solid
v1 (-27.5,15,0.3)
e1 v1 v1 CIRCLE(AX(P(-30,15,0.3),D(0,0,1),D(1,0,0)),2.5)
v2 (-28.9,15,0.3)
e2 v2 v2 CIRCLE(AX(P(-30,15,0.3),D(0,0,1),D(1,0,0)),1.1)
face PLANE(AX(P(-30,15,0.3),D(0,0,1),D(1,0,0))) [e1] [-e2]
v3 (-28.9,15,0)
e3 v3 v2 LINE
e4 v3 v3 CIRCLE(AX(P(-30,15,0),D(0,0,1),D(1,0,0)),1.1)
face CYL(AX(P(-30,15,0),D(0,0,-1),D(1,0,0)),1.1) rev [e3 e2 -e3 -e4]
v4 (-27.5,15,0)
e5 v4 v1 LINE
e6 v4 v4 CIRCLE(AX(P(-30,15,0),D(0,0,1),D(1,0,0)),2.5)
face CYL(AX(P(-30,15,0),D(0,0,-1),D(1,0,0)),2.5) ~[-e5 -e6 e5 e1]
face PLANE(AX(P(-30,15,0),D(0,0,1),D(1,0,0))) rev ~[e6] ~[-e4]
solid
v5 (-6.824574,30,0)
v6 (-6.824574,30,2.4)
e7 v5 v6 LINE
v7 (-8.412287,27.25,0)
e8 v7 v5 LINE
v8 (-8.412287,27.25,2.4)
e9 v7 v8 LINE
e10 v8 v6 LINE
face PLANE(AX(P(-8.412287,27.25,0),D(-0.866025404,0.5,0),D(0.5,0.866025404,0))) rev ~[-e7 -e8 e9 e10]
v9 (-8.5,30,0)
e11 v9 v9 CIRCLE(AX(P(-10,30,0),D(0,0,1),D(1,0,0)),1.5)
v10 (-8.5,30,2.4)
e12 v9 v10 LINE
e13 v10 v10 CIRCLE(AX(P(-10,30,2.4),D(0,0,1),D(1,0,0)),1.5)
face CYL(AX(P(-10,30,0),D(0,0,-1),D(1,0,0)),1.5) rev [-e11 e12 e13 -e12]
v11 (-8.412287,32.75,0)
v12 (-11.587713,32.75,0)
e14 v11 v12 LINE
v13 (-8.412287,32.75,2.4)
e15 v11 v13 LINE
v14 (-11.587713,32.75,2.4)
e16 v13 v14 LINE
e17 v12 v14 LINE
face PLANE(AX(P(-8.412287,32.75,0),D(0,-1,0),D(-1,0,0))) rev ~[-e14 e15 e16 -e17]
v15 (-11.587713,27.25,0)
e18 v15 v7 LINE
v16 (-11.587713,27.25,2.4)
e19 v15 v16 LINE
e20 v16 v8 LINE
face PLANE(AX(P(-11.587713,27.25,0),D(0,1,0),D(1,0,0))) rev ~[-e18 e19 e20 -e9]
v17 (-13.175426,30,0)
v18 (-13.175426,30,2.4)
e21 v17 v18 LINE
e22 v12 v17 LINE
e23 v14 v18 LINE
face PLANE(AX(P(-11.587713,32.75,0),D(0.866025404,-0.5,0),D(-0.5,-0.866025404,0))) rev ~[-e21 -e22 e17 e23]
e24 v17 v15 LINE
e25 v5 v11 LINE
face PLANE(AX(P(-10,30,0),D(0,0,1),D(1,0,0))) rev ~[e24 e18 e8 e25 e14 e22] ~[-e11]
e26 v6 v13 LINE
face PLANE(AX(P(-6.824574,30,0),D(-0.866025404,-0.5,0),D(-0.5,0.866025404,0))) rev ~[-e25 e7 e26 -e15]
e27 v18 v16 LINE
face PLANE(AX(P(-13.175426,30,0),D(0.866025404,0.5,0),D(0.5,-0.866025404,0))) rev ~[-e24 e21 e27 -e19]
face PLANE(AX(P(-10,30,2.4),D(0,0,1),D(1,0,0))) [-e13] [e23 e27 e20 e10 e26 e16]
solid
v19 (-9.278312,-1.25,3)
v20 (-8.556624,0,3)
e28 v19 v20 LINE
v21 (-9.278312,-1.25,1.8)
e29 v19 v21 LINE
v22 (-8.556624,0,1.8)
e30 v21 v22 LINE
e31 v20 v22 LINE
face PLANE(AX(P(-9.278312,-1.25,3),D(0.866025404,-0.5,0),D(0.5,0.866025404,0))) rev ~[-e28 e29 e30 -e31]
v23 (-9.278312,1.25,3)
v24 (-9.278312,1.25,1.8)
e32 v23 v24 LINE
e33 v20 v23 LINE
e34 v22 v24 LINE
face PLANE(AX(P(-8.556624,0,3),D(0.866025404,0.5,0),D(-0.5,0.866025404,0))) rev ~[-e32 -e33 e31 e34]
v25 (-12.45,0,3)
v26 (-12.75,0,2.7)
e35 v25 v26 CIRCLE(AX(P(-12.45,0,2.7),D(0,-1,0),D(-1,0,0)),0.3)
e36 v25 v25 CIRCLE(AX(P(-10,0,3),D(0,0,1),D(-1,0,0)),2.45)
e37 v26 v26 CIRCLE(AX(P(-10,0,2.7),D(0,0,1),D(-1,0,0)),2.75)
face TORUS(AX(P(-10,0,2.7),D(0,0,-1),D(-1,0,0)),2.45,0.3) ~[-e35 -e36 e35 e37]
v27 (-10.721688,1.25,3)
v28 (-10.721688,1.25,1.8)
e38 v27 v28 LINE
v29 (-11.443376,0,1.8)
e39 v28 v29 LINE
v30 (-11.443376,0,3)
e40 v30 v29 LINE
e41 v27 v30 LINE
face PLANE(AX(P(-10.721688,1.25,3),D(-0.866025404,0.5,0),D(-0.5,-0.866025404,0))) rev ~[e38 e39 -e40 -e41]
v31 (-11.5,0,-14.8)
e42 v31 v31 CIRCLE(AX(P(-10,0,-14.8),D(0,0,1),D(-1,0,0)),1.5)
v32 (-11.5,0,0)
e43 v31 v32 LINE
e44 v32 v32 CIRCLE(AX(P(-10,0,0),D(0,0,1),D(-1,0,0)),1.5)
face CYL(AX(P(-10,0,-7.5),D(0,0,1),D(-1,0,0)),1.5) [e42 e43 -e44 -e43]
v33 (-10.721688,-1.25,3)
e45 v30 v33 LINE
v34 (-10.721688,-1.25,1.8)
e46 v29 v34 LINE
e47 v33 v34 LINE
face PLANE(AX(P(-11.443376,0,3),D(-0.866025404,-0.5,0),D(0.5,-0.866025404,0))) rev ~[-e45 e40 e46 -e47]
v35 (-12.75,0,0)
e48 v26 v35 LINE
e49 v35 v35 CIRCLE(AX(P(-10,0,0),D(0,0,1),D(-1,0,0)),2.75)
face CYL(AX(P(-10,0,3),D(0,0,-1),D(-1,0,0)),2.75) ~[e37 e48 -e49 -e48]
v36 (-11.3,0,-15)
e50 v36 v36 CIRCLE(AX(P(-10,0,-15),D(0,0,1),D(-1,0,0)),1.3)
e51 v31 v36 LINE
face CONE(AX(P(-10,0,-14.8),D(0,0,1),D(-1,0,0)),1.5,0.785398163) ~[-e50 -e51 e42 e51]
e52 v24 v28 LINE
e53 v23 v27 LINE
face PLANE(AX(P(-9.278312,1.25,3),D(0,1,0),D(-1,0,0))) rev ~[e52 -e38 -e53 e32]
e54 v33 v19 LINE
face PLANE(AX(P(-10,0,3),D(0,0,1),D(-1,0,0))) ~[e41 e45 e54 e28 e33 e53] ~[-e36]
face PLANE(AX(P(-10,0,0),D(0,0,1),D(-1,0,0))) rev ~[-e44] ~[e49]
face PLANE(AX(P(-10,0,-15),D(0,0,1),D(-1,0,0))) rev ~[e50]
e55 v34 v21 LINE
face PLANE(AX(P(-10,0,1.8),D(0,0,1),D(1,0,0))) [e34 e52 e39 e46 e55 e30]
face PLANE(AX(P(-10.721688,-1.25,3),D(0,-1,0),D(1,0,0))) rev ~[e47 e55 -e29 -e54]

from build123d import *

# Parameters (mm, degrees)
F0_W      = 1.5
F0_H      = 15
F2_R      = 0.3
F4_DEPTH  = 1.2
F5_SIZE   = 0.2
F6_W      = 1.25
F6_H      = 15
F9_DEPTH  = 1.1
F10_R     = 0.2
F11_SIZE  = 0.2
F12_W     = 1
F12_H     = 15
F15_DEPTH = 1
F16_R     = 0.2
F17_SIZE  = 0.1
F18_R     = 2.5
F18_R_2   = 1.1
F19_DEPTH = 0.3
F18_R_3   = 3
F18_R_4   = 1.35
F20_DEPTH = 0.5
F18_R_5   = 3.5
F18_R_6   = 1.6
F21_DEPTH = 0.5
F22_R     = 1
F23_DEPTH = 1.6
F22_R_2   = 1.25
F24_DEPTH = 2
F22_R_3   = 1.5
F25_DEPTH = 2.4
F26_W     = 3
F26_H     = 25
F29_DEPTH = 3
F18_R_7   = 6
F18_R_8   = 3.2
F30_DEPTH = 1.4
F22_R_4   = 3
F31_DEPTH = 5


with BuildPart() as f1:
    # F0 (on Front) → F1 (revolve)
    with BuildSketch(Plane.XZ):
        with Locations((-10.75, -7.5)):
            Rectangle(F0_W, F0_H)
        Polygon((-11.5, 0), (-10, 0), (-10, 3), (-12.75, 3), (-12.75, 0), align=None)
    revolve(axis=Axis((-10, 0, -0.8508423006), (0, 0, 1)))

    # F2
    f2_edges = [f1.edges().sort_by_distance(p)[0] for p in [
        (-7.25, 0, 3),
    ]]
    fillet(f2_edges, radius=F2_R)

    # F3 (on face) → F4 (cut)
    with BuildSketch(Plane.XY.offset(3)):
        Polygon((-10.7216878365, 1.25), (-11.443375673, 0), (-10.7216878365, -1.25), (-9.2783121635, -1.25), (-8.556624327, 0), (-9.2783121635, 1.25), align=None)
    extrude(amount=-F4_DEPTH, mode=Mode.SUBTRACT)

    # F5
    f5_edges = [f1.edges().sort_by_distance(p)[0] for p in [
        (-8.5, 0, -15),
    ]]
    chamfer(f5_edges, length=F5_SIZE)


with BuildPart() as f7:
    # F6 (on Front) → F7 (revolve)
    with BuildSketch(Plane.XZ):
        Polygon((-21.25, 0), (-20, 0), (-20, 2.5), (-22.25, 2.5), (-22.25, 0), align=None)
        with Locations((-20.625, -7.5)):
            Rectangle(F6_W, F6_H)
    revolve(axis=Axis((-20, 0, -5.1652500254), (0, 0, -1)))

    # F8 (on face) → F9 (cut)
    with BuildSketch(Plane.XY.offset(2.5)):
        Polygon((-20.5773502692, 1), (-21.1547005384, 0), (-20.5773502692, -1), (-19.4226497308, -1), (-18.8452994616, 0), (-19.4226497308, 1), align=None)
    extrude(amount=-F9_DEPTH, mode=Mode.SUBTRACT)

    # F10
    f10_edges = [f7.edges().sort_by_distance(p)[0] for p in [
        (-17.75, 0, 2.5),
    ]]
    fillet(f10_edges, radius=F10_R)

    # F11
    f11_edges = [f7.edges().sort_by_distance(p)[0] for p in [
        (-18.75, 0, -15),
    ]]
    chamfer(f11_edges, length=F11_SIZE)


with BuildPart() as f13:
    # F12 (on Front) → F13 (revolve)
    with BuildSketch(Plane.XZ):
        with Locations((-30.5, -7.5)):
            Rectangle(F12_W, F12_H)
        Polygon((-31, 0), (-30, 0), (-30, 2), (-31.9, 2), (-31.9, 0), align=None)
    revolve(axis=Axis((-30, 0, -5.8312802576), (0, 0, -1)))

    # F14 (on face) → F15 (cut)
    with BuildSketch(Plane.XY.offset(2)):
        Polygon((-30.5773502692, 1), (-31.1547005384, 0), (-30.5773502692, -1), (-29.4226497308, -1), (-28.8452994616, 0), (-29.4226497308, 1), align=None)
    extrude(amount=-F15_DEPTH, mode=Mode.SUBTRACT)

    # F16
    f16_edges = [f13.edges().sort_by_distance(p)[0] for p in [
        (-28.1, 0, 2),
    ]]
    fillet(f16_edges, radius=F16_R)

    # F17
    f17_edges = [f13.edges().sort_by_distance(p)[0] for p in [
        (-29, 0, -15),
    ]]
    chamfer(f17_edges, length=F17_SIZE)


with BuildPart() as f19:
    # F18 (on Top) → F19 (new body)
    with BuildSketch(Plane.XY):
        with Locations((-30, 15)):
            Circle(F18_R)
        with Locations((-30, 15)):
            Circle(F18_R_2, mode=Mode.SUBTRACT)
    extrude(amount=F19_DEPTH)


with BuildPart() as f20:
    # F18 (on Top) → F20 (new body)
    with BuildSketch(Plane.XY):
        with Locations((-20, 15)):
            Circle(F18_R_3)
        with Locations((-20, 15)):
            Circle(F18_R_4, mode=Mode.SUBTRACT)
    extrude(amount=F20_DEPTH)


with BuildPart() as f21:
    # F18 (on Top) → F21 (new body)
    with BuildSketch(Plane.XY):
        with Locations((-10, 15)):
            Circle(F18_R_5)
        with Locations((-10, 15)):
            Circle(F18_R_6, mode=Mode.SUBTRACT)
    extrude(amount=F21_DEPTH)


with BuildPart() as f23:
    # F22 (on Top) → F23 (new body)
    with BuildSketch(Plane.XY):
        Polygon((-28.8452994616, 32), (-31.1547005384, 32), (-32.3094010768, 30), (-31.1547005384, 28), (-28.8452994616, 28), (-27.6905989232, 30), align=None)
        with Locations((-30, 30)):
            Circle(F22_R, mode=Mode.SUBTRACT)
    extrude(amount=F23_DEPTH)


with BuildPart() as f24:
    # F22 (on Top) → F24 (new body)
    with BuildSketch(Plane.XY):
        Polygon((-18.556624327, 32.5), (-21.443375673, 32.5), (-22.8867513459, 30), (-21.443375673, 27.5), (-18.556624327, 27.5), (-17.1132486541, 30), align=None)
        with Locations((-20, 30)):
            Circle(F22_R_2, mode=Mode.SUBTRACT)
    extrude(amount=F24_DEPTH)


with BuildPart() as f25:
    # F22 (on Top) → F25 (new body)
    with BuildSketch(Plane.XY):
        Polygon((-8.4122867597, 32.75), (-11.5877132403, 32.75), (-13.1754264805, 30), (-11.5877132403, 27.25), (-8.4122867597, 27.25), (-6.8245735195, 30), align=None)
        with Locations((-10, 30)):
            Circle(F22_R_3, mode=Mode.SUBTRACT)
    extrude(amount=F25_DEPTH)


with BuildPart() as f27:
    # F26 (on Front) → F27 (revolve)
    with BuildSketch(Plane.XZ):
        with Locations((6.889186867, -12.3765884969)):
            Rectangle(F26_W, F26_H)
        Polygon((5.389186867, 0.1234115031), (8.389186867, 0.1234115031), (8.389186867, 6.1234115031), (3.389186867, 6.1234115031), (3.389186867, 0.1234115031), align=None)
    revolve(axis=Axis((8.389186867, 0, -0.7274307974), (0, 0, 1)))

    # F28 (on face) → F29 (cut)
    with BuildSketch(Plane.XY.offset(6.1234115031)):
        Polygon((10.889186867, -1.443375673), (10.889186867, 1.443375673), (8.389186867, 2.8867513459), (5.889186867, 1.443375673), (5.889186867, -1.443375673), (8.389186867, -2.8867513459), align=None)
    extrude(amount=-F29_DEPTH, mode=Mode.SUBTRACT)


with BuildPart() as f30:
    # F18 (on Top) → F30 (new body)
    with BuildSketch(Plane.XY):
        with Locations((10, 15)):
            Circle(F18_R_7)
        with Locations((10, 15)):
            Circle(F18_R_8, mode=Mode.SUBTRACT)
    extrude(amount=F30_DEPTH)


with BuildPart() as f31:
    # F22 (on Top) → F31 (new body)
    with BuildSketch(Plane.XY):
        Polygon((12.8867513459, 35), (7.1132486541, 35), (4.2264973081, 30), (7.1132486541, 25), (12.8867513459, 25), (15.7735026919, 30), align=None)
        with Locations((10, 30)):
            Circle(F22_R_4, mode=Mode.SUBTRACT)
    extrude(amount=F31_DEPTH)


solid = Compound([f1.part, f19.part, f25.part])
